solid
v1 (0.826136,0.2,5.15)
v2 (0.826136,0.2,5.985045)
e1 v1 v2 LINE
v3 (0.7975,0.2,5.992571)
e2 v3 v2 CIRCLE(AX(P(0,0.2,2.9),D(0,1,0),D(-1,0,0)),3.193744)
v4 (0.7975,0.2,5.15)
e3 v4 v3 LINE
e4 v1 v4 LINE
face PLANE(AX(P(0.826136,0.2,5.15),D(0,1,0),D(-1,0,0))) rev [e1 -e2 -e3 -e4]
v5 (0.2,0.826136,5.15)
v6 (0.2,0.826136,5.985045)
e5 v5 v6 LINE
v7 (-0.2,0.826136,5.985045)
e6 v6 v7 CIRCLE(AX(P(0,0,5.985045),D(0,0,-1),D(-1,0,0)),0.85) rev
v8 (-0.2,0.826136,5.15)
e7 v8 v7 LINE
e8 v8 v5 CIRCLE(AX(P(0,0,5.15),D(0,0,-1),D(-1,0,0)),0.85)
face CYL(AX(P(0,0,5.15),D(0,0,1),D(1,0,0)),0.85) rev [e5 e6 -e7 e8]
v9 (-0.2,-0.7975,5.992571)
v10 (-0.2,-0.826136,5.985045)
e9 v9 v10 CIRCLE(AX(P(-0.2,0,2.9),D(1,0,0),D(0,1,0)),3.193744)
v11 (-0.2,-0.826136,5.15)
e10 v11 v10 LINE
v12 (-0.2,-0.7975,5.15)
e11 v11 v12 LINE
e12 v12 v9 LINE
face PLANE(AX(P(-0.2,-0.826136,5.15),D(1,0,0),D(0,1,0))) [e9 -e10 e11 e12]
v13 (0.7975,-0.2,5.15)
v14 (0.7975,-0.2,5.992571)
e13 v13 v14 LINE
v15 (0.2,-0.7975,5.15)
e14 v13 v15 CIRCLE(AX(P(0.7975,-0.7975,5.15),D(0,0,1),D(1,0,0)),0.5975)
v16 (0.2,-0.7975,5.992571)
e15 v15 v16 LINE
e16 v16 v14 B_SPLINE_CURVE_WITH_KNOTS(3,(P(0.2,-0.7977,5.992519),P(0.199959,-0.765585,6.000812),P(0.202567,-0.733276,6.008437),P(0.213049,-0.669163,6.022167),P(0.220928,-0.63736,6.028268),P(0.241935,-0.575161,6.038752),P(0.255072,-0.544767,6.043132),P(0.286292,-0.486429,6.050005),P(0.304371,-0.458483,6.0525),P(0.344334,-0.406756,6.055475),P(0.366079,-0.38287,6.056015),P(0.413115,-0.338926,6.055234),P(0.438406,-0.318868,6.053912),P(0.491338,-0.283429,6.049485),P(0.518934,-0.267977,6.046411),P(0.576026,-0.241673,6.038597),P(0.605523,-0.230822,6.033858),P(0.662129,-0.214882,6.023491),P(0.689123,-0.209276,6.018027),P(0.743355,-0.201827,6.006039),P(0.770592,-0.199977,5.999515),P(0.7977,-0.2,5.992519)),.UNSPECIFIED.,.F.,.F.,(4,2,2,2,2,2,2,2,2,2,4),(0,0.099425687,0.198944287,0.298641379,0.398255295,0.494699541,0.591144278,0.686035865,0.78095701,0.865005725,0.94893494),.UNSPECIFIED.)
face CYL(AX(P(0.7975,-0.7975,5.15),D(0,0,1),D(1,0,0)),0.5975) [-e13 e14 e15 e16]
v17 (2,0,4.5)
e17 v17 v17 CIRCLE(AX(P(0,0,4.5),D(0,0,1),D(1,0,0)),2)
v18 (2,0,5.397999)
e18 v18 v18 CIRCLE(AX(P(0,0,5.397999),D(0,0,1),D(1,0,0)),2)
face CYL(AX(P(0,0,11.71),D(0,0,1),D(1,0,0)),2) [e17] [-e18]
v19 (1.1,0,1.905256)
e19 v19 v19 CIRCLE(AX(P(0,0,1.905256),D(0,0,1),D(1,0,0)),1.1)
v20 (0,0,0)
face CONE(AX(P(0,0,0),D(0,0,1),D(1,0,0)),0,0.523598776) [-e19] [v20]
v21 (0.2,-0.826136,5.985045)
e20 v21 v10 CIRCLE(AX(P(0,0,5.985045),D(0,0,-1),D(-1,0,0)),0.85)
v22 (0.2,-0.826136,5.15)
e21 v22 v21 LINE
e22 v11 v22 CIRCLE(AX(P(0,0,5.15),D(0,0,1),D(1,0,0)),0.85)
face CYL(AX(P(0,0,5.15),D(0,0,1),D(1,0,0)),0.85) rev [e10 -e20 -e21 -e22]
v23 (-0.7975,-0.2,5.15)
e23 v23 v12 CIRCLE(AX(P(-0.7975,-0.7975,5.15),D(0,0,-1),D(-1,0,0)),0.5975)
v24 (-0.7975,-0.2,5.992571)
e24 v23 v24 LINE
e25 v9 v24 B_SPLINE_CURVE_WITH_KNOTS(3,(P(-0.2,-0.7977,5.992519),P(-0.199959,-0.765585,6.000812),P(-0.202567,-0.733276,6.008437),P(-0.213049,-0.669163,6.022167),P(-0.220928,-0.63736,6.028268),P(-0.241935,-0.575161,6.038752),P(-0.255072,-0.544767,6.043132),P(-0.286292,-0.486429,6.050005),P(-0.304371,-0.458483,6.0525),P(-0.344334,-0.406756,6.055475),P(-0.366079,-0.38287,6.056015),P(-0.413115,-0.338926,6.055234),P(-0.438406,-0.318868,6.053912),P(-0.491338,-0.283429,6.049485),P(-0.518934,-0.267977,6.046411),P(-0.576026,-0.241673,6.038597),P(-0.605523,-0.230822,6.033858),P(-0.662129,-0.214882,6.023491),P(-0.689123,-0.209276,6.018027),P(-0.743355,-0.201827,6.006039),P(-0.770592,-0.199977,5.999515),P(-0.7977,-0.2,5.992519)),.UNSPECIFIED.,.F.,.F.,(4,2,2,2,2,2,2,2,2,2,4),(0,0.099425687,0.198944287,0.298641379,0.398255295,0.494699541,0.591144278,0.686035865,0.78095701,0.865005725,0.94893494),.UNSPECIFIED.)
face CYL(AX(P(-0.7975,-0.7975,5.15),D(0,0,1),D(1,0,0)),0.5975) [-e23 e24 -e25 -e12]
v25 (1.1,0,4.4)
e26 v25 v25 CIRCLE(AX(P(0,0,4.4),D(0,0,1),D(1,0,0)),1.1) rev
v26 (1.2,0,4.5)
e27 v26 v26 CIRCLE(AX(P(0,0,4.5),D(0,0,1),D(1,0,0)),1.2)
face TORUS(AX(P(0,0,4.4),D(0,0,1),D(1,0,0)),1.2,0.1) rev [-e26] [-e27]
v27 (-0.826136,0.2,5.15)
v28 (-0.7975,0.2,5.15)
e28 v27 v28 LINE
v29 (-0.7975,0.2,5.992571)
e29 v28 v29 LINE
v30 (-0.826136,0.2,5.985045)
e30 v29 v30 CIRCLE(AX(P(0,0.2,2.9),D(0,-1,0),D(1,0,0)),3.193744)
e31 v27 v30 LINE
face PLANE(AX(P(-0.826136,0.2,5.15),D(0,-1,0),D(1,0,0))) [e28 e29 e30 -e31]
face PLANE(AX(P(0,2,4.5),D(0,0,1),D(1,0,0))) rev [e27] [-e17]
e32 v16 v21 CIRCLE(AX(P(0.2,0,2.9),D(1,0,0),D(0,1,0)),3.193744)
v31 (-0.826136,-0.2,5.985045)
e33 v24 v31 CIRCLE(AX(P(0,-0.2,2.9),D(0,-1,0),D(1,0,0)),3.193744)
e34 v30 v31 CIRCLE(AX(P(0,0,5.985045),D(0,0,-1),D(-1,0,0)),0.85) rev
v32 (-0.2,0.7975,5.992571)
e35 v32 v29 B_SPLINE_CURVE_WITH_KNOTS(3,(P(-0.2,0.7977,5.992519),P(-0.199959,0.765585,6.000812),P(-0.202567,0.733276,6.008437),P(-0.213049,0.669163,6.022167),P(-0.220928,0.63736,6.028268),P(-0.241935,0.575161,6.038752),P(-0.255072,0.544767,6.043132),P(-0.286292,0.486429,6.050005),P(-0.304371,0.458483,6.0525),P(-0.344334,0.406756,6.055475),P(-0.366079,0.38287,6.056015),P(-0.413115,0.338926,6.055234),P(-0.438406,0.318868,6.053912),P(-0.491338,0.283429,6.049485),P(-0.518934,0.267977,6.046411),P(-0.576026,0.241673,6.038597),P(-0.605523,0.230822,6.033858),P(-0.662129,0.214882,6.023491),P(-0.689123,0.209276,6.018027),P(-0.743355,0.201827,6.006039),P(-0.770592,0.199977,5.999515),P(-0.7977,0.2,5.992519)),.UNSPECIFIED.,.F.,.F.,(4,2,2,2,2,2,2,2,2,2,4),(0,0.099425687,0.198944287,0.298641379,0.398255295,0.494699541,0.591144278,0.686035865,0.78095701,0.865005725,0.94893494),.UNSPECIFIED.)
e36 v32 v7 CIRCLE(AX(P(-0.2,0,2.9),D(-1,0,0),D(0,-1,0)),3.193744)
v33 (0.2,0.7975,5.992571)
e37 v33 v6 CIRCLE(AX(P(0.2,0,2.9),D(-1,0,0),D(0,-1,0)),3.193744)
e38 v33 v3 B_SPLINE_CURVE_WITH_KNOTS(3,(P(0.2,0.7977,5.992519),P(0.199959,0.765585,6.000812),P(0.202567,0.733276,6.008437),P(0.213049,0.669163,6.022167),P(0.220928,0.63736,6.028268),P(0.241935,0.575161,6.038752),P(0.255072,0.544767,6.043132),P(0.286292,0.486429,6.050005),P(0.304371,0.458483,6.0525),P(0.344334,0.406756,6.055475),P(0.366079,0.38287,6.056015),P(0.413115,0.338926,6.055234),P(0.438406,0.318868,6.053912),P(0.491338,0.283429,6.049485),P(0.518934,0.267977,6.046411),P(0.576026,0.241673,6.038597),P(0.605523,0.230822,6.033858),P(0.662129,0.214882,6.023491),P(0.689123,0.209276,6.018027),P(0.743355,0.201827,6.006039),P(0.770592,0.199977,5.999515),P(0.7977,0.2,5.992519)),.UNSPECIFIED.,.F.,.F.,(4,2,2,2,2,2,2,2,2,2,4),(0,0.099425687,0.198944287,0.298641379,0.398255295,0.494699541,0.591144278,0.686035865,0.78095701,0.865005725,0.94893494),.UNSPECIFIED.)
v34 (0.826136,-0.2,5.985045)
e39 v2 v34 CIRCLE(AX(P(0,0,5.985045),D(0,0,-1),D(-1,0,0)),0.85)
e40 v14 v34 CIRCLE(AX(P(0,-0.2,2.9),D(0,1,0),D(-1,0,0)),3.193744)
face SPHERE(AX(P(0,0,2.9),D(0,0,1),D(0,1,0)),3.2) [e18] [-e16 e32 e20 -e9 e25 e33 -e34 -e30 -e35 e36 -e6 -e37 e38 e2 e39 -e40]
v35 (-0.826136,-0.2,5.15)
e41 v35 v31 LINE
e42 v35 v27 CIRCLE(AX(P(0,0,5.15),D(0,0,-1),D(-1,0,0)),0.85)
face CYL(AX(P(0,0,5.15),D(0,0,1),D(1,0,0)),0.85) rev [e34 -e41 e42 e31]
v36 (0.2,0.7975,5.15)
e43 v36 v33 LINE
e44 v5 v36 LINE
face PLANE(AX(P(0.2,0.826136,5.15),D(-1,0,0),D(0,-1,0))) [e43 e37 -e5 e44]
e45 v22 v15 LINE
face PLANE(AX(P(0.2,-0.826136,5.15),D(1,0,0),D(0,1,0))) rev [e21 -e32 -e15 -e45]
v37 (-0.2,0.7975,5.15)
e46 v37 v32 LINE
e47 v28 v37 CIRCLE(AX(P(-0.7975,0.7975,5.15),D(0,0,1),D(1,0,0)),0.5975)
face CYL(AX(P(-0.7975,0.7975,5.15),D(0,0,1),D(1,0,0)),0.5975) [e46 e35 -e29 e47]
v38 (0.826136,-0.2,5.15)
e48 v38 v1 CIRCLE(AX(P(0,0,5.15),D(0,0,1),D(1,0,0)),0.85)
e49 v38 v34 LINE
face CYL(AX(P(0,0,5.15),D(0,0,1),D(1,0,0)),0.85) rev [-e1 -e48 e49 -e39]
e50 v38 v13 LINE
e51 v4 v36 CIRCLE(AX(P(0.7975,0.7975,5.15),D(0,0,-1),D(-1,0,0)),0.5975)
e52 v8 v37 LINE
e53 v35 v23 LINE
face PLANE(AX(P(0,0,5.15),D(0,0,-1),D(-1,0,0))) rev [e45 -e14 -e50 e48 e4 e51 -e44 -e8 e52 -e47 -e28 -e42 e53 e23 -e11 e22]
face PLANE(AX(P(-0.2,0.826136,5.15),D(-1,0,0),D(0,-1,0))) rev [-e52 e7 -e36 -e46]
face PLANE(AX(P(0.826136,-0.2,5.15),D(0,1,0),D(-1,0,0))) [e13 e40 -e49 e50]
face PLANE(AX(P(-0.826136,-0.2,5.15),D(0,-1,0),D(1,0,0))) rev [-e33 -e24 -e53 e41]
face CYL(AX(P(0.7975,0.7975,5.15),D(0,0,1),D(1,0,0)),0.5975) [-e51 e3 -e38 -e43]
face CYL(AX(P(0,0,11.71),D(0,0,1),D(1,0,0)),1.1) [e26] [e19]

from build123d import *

# Parameters (mm, degrees)
CUT_EXTRUDE_2_DEPTH = 0.95
FILLET_1_R          = 0.1


with BuildPart() as part:
    # 草图8 → Revolve 1380 (revolve)
    with BuildSketch(Plane(origin=(0, 0, 0), x_dir=(0, 0, -1), z_dir=(1, 0, 0)), mode=Mode.PRIVATE) as revolve_1380_sk:
        with BuildLine():
            Line((0, 0), (-6.1, 0))
            ThreePointArc((-6.1, 0), (-5.919403703, 1.059811908), (-5.397999199, 2))
            Line((-5.397999199, 2), (-4.5, 2))
            Line((-4.5, 2), (-4.5, 1.1))
            Line((-4.5, 1.1), (-1.905255888, 1.1))
            Line((-1.905255888, 1.1), (0, 0))
        make_face()
    revolve(revolve_1380_sk.sketch.rotate(Axis((0, 0, 11.71), (0, 0, -1)), 90), axis=Axis((0, 0, 11.71), (0, 0, -1)))

    # 草图7 → 切除-拉伸2 (cut)
    with BuildSketch(Plane.XY.offset(6.1)):
        with BuildLine():
            Line((0.2, 0.826135582), (0.2, 0.797500009))
            ThreePointArc((0.2, 0.797500009), (0.375003701, 0.375003701), (0.797500009, 0.2))
            Line((0.797500009, 0.2), (0.826135582, 0.2))
            ThreePointArc((0.826135582, 0.2), (0.85, 0), (0.826135582, -0.2))
            Line((0.826135582, -0.2), (0.797500009, -0.2))
            ThreePointArc((0.797500009, -0.2), (0.375003701, -0.375003701), (0.2, -0.797500009))
            Line((0.2, -0.797500009), (0.2, -0.826135582))
            ThreePointArc((0.2, -0.826135582), (0, -0.85), (-0.2, -0.826135582))
            Line((-0.2, -0.826135582), (-0.2, -0.797500009))
            ThreePointArc((-0.2, -0.797500009), (-0.375003701, -0.375003701), (-0.797500009, -0.2))
            Line((-0.797500009, -0.2), (-0.826135582, -0.2))
            ThreePointArc((-0.826135582, -0.2), (-0.85, 0), (-0.826135582, 0.2))
            Line((-0.826135582, 0.2), (-0.797500009, 0.2))
            ThreePointArc((-0.797500009, 0.2), (-0.375003701, 0.375003701), (-0.2, 0.797500009))
            Line((-0.2, 0.797500009), (-0.2, 0.826135582))
            ThreePointArc((-0.2, 0.826135582), (0, 0.85), (0.2, 0.826135582))
        make_face()
    extrude(amount=-CUT_EXTRUDE_2_DEPTH, mode=Mode.SUBTRACT)

    # 圆角1
    fillet_1_edges = [part.edges().sort_by_distance(p)[0] for p in [
        (-1.1, 0, 4.5),
    ]]
    fillet(fillet_1_edges, radius=FILLET_1_R)


solid = part.part
